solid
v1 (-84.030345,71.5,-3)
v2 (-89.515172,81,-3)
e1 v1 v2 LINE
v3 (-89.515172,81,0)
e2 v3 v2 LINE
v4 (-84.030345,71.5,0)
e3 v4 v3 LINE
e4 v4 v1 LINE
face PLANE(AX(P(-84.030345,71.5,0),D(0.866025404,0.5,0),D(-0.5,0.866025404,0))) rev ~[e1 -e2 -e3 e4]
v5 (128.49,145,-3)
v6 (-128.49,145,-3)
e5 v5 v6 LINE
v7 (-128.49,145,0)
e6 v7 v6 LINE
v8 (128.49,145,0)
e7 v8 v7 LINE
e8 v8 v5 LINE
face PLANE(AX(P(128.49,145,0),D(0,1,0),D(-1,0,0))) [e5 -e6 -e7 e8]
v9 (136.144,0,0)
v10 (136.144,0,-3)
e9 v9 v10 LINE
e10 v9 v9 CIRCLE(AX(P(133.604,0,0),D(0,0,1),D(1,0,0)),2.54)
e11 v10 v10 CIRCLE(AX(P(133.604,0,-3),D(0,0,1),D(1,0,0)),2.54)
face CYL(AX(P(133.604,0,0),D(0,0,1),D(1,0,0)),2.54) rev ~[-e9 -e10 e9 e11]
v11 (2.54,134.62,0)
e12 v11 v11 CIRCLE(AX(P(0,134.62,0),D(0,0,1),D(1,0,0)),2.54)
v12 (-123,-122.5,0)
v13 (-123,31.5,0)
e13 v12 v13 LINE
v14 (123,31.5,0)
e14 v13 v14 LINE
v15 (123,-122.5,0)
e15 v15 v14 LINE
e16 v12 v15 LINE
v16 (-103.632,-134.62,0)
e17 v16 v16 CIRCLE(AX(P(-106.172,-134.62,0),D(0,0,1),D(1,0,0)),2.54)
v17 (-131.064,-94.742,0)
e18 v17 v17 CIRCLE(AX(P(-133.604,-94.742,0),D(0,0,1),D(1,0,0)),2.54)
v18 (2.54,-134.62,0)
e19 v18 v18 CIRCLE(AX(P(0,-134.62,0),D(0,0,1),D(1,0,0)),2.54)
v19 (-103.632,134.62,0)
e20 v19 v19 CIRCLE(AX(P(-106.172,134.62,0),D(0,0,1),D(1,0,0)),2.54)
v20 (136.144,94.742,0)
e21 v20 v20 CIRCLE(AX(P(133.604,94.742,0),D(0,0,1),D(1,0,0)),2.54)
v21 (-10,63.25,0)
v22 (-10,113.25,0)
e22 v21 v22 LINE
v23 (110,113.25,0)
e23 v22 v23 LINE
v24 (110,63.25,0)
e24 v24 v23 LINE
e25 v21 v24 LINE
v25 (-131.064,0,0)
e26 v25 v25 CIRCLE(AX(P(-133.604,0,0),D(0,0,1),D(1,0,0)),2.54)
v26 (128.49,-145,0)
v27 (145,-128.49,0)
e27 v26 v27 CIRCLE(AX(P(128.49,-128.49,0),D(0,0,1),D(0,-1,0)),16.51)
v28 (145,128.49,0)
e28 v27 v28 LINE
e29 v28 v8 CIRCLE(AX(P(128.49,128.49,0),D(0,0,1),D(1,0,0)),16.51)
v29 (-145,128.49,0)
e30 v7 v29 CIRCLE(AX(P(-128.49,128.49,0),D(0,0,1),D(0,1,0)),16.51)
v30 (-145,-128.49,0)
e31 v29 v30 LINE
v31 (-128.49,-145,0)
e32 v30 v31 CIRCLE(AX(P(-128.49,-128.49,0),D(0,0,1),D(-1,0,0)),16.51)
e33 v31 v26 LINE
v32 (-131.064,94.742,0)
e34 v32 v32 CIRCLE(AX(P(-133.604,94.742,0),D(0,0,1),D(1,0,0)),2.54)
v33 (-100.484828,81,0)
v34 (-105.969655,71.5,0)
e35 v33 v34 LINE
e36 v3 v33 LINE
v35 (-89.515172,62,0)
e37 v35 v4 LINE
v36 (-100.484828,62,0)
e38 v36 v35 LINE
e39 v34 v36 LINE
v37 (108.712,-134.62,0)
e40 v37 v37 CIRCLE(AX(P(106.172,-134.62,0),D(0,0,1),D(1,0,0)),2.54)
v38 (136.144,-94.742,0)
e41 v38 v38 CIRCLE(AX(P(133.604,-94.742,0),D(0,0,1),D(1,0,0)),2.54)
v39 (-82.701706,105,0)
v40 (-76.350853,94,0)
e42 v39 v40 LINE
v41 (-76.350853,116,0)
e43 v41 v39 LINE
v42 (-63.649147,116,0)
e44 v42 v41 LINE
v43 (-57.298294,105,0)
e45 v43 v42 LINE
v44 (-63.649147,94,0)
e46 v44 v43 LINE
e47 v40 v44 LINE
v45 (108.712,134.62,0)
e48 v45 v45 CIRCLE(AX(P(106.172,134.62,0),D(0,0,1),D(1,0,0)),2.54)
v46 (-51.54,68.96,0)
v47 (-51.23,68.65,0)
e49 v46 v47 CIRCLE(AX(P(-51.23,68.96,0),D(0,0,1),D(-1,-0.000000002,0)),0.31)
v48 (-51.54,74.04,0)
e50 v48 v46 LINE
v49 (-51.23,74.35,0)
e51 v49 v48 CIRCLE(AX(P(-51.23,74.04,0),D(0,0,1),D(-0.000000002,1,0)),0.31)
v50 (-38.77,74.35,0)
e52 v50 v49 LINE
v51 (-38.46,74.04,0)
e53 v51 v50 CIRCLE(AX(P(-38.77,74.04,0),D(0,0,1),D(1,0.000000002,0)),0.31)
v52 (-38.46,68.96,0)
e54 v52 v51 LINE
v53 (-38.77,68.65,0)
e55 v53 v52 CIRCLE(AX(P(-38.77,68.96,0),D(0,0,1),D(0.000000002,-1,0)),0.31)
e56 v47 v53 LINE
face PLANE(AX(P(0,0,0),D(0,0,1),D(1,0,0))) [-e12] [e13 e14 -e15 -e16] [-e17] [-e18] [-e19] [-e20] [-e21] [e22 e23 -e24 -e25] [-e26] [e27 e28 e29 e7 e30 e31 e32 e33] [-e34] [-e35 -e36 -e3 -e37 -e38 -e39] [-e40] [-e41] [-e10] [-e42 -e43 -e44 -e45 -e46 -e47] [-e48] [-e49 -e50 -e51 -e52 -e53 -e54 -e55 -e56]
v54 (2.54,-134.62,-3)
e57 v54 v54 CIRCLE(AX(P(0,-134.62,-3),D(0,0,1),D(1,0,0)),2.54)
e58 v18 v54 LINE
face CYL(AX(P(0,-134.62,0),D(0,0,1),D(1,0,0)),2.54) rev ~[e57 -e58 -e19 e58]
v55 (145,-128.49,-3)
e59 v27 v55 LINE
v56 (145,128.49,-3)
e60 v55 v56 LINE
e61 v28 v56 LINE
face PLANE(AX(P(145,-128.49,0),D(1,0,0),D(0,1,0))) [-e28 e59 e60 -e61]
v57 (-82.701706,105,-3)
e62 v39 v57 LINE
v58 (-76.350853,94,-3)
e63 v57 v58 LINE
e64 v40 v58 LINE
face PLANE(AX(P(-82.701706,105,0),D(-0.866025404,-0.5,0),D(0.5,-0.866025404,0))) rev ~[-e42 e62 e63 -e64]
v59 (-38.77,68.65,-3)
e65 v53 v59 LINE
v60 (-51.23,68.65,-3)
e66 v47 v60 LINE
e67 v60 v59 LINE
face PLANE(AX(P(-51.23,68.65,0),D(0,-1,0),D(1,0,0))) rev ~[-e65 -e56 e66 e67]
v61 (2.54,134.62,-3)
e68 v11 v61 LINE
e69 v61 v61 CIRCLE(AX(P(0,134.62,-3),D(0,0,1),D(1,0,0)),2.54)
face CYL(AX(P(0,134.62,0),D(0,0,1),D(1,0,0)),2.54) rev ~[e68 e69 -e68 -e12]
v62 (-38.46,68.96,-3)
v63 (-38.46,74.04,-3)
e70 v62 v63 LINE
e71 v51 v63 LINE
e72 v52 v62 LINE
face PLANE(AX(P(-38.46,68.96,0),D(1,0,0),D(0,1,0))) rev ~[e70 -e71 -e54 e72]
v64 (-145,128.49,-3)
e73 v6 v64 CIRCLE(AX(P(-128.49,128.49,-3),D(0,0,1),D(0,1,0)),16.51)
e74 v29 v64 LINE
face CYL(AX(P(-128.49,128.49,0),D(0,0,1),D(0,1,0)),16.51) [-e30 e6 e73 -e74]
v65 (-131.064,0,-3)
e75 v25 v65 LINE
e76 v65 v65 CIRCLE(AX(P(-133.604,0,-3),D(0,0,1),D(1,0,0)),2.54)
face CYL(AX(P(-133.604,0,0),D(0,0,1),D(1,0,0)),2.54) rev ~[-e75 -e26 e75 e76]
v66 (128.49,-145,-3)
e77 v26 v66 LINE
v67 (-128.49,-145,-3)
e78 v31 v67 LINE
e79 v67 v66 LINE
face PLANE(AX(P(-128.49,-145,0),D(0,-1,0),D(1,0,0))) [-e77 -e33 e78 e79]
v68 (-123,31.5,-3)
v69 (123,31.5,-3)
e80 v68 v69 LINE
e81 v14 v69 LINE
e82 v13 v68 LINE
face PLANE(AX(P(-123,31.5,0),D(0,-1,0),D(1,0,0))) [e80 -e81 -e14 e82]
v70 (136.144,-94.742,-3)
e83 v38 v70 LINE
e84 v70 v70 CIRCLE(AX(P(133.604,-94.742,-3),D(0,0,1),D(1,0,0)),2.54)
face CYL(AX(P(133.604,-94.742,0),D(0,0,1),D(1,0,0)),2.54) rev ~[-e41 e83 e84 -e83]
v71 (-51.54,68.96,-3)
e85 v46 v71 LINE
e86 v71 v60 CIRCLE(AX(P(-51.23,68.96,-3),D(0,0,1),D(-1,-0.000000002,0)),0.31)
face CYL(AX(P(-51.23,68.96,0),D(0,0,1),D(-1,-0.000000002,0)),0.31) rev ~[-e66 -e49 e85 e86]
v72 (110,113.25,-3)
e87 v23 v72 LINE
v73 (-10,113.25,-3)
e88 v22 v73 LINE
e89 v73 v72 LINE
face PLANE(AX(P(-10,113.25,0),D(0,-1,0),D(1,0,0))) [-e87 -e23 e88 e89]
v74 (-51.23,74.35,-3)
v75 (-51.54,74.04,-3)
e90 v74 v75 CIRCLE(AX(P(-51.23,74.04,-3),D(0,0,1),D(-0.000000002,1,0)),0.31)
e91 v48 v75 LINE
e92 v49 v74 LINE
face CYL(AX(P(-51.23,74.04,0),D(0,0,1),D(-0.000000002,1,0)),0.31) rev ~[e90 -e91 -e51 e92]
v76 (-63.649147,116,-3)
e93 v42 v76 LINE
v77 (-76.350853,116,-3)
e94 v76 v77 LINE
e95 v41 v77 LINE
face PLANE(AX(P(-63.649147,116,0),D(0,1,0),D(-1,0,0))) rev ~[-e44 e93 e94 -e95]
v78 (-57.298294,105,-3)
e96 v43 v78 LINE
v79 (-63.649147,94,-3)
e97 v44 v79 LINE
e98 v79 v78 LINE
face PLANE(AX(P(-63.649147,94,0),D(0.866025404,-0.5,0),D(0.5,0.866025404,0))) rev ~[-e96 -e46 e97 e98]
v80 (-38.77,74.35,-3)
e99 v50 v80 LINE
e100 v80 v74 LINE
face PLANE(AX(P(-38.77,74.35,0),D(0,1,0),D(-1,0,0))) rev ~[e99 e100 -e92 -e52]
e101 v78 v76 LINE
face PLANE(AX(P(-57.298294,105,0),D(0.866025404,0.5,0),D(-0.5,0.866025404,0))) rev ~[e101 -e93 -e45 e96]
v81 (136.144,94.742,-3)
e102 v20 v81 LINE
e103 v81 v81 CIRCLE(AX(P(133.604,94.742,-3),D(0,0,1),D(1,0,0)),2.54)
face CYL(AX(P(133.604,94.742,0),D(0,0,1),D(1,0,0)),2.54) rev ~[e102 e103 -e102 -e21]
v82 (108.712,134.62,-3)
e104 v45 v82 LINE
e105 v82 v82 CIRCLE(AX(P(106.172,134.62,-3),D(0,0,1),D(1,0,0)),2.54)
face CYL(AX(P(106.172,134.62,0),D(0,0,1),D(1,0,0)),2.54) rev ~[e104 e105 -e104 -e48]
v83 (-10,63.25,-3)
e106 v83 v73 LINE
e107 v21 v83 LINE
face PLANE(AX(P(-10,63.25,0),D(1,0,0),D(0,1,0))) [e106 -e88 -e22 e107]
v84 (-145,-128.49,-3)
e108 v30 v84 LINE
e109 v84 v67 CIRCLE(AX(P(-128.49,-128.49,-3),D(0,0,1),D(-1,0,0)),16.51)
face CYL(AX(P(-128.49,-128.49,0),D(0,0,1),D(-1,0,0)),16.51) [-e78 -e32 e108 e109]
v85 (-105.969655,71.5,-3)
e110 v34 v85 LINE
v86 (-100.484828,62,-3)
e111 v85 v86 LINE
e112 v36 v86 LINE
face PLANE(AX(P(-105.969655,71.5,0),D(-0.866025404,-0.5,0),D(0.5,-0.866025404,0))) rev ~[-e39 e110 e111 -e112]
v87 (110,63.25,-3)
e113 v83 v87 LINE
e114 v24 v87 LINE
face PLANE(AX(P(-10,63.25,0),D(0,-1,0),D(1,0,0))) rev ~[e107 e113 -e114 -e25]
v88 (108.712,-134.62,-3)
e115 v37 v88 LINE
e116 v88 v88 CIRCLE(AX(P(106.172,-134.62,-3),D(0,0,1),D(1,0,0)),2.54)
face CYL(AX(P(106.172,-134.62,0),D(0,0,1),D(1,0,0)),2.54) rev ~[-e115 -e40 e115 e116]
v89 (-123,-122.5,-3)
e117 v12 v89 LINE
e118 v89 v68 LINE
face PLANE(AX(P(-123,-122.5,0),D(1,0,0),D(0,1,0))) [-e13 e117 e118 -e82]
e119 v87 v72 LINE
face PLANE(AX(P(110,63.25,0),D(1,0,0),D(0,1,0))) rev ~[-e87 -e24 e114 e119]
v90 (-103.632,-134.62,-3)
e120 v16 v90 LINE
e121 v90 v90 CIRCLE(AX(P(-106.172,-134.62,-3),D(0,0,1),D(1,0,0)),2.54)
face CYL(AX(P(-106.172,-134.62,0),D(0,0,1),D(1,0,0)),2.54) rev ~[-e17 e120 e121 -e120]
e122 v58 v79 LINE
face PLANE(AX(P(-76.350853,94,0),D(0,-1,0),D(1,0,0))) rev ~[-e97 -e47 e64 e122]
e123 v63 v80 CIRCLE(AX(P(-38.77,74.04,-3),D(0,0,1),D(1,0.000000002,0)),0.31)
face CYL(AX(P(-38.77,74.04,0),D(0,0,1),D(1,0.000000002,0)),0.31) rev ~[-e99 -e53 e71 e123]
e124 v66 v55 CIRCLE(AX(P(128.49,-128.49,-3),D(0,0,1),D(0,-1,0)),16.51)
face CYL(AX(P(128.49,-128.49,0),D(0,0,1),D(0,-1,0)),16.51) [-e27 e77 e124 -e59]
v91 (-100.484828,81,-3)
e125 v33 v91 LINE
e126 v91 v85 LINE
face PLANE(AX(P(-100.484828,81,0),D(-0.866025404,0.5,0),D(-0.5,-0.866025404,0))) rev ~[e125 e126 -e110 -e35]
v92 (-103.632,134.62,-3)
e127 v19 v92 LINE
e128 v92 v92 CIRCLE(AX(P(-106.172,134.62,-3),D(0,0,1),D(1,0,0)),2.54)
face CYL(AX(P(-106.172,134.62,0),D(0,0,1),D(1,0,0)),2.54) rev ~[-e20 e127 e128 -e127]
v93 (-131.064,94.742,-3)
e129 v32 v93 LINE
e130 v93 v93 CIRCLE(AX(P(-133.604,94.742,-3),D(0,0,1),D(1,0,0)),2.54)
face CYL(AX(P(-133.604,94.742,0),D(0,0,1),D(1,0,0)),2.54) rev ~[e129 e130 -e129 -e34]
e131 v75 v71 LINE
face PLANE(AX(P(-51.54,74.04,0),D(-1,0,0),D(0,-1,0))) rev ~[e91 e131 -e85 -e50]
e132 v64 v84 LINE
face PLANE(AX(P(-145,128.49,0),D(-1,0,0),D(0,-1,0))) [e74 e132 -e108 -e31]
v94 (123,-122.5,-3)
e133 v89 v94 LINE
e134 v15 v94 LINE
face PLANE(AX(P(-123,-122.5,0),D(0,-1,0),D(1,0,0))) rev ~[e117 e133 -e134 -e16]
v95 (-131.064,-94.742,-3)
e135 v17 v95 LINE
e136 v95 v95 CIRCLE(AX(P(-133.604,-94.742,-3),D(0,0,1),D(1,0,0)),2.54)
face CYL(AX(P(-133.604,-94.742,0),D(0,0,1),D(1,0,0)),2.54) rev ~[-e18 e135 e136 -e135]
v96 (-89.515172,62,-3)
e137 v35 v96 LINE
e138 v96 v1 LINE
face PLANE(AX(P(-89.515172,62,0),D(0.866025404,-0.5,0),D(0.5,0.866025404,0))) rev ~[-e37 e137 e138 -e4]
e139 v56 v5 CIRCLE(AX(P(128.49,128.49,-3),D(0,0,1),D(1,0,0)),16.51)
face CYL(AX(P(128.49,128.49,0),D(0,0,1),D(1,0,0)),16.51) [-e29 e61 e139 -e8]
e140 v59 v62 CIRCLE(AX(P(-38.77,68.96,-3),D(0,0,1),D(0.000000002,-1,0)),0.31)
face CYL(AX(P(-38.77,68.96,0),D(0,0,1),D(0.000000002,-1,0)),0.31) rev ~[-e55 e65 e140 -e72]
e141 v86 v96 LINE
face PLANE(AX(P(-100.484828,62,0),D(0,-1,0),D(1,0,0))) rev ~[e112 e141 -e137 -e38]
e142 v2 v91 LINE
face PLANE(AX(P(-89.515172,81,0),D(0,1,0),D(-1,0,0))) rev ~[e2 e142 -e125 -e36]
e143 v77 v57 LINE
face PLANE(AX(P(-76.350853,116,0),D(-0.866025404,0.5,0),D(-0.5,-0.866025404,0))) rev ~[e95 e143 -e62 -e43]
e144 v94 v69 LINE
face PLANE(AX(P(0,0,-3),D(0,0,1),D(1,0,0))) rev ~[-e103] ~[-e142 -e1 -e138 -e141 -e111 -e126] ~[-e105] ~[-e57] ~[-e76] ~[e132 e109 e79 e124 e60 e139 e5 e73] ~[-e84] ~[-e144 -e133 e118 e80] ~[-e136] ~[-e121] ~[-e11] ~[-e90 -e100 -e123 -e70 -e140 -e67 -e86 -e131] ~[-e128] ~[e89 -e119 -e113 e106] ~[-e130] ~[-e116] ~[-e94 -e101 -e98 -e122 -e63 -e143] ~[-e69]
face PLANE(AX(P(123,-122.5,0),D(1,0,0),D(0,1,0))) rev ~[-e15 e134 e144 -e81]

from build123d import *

# Parameters (mm, degrees)
SKETCH3_W           = 246
SKETCH3_H           = 154
SKETCH3_W_2         = 120
SKETCH3_H_2         = 50
BOSS_EXTRUDE1_DEPTH = 3
SKETCH4_R           = 2.54
CUT_EXTRUDE1_DEPTH  = 47.752


with BuildPart() as part:
    # Sketch3 → Boss-Extrude1 (new body)
    with BuildSketch(Plane.XY):
        with BuildLine():
            Line((-128.49, -145), (128.49, -145))
            ThreePointArc((128.49, -145), (140.164332957, -140.164332957), (145, -128.49))
            Line((145, -128.49), (145, 128.49))
            ThreePointArc((145, 128.49), (140.164332957, 140.164332957), (128.49, 145))
            Line((128.49, 145), (-128.49, 145))
            ThreePointArc((-128.49, 145), (-140.164332957, 140.164332957), (-145, 128.49))
            Line((-145, 128.49), (-145, -128.49))
            ThreePointArc((-145, -128.49), (-140.164332957, -140.164332957), (-128.49, -145))
        make_face()
        with Locations((0, -45.5)):
            Rectangle(SKETCH3_W, SKETCH3_H, mode=Mode.SUBTRACT)
        with BuildLine():
            Line((-38.77, 74.35), (-51.23, 74.35))
            ThreePointArc((-51.23, 74.35), (-51.449203102, 74.259203102), (-51.54, 74.04))
            Line((-51.54, 74.04), (-51.54, 68.96))
            ThreePointArc((-51.54, 68.96), (-51.449203102, 68.740796898), (-51.23, 68.65))
            Line((-51.23, 68.65), (-38.77, 68.65))
            ThreePointArc((-38.77, 68.65), (-38.550796898, 68.740796898), (-38.46, 68.96))
            Line((-38.46, 68.96), (-38.46, 74.04))
            ThreePointArc((-38.46, 74.04), (-38.550796898, 74.259203102), (-38.77, 74.35))
        make_face(mode=Mode.SUBTRACT)
        with Locations((50, 88.25)):
            Rectangle(SKETCH3_W_2, SKETCH3_H_2, mode=Mode.SUBTRACT)
        Polygon((-57.298294078, 105), (-63.649147039, 116), (-76.350852961, 116), (-82.701705922, 105), (-76.350852961, 94), (-63.649147039, 94), align=None, mode=Mode.SUBTRACT)
        Polygon((-84.030344885, 71.5), (-89.515172443, 81), (-100.484827557, 81), (-105.969655115, 71.5), (-100.484827557, 62), (-89.515172443, 62), align=None, mode=Mode.SUBTRACT)
    extrude(amount=-BOSS_EXTRUDE1_DEPTH)

    # Sketch4 → Cut-Extrude1 (cut)
    with BuildSketch(Plane.XY):
        with Locations((-133.604, 94.742)):
            Circle(SKETCH4_R)
        with Locations((-106.172, 134.62)):
            Circle(SKETCH4_R)
        with Locations((-133.604, -94.742)):
            Circle(SKETCH4_R)
        with Locations((-133.604, 0)):
            Circle(SKETCH4_R)
        with Locations((0, 134.62)):
            Circle(SKETCH4_R)
        with Locations((0, -134.62)):
            Circle(SKETCH4_R)
        with Locations((-106.172, -134.62)):
            Circle(SKETCH4_R)
        with Locations((106.172, -134.62)):
            Circle(SKETCH4_R)
        with Locations((133.604, 0)):
            Circle(SKETCH4_R)
        with Locations((133.604, -94.742)):
            Circle(SKETCH4_R)
        with Locations((106.172, 134.62)):
            Circle(SKETCH4_R)
        with Locations((133.604, 94.742)):
            Circle(SKETCH4_R)
    extrude(amount=-CUT_EXTRUDE1_DEPTH, mode=Mode.SUBTRACT)


solid = part.part
